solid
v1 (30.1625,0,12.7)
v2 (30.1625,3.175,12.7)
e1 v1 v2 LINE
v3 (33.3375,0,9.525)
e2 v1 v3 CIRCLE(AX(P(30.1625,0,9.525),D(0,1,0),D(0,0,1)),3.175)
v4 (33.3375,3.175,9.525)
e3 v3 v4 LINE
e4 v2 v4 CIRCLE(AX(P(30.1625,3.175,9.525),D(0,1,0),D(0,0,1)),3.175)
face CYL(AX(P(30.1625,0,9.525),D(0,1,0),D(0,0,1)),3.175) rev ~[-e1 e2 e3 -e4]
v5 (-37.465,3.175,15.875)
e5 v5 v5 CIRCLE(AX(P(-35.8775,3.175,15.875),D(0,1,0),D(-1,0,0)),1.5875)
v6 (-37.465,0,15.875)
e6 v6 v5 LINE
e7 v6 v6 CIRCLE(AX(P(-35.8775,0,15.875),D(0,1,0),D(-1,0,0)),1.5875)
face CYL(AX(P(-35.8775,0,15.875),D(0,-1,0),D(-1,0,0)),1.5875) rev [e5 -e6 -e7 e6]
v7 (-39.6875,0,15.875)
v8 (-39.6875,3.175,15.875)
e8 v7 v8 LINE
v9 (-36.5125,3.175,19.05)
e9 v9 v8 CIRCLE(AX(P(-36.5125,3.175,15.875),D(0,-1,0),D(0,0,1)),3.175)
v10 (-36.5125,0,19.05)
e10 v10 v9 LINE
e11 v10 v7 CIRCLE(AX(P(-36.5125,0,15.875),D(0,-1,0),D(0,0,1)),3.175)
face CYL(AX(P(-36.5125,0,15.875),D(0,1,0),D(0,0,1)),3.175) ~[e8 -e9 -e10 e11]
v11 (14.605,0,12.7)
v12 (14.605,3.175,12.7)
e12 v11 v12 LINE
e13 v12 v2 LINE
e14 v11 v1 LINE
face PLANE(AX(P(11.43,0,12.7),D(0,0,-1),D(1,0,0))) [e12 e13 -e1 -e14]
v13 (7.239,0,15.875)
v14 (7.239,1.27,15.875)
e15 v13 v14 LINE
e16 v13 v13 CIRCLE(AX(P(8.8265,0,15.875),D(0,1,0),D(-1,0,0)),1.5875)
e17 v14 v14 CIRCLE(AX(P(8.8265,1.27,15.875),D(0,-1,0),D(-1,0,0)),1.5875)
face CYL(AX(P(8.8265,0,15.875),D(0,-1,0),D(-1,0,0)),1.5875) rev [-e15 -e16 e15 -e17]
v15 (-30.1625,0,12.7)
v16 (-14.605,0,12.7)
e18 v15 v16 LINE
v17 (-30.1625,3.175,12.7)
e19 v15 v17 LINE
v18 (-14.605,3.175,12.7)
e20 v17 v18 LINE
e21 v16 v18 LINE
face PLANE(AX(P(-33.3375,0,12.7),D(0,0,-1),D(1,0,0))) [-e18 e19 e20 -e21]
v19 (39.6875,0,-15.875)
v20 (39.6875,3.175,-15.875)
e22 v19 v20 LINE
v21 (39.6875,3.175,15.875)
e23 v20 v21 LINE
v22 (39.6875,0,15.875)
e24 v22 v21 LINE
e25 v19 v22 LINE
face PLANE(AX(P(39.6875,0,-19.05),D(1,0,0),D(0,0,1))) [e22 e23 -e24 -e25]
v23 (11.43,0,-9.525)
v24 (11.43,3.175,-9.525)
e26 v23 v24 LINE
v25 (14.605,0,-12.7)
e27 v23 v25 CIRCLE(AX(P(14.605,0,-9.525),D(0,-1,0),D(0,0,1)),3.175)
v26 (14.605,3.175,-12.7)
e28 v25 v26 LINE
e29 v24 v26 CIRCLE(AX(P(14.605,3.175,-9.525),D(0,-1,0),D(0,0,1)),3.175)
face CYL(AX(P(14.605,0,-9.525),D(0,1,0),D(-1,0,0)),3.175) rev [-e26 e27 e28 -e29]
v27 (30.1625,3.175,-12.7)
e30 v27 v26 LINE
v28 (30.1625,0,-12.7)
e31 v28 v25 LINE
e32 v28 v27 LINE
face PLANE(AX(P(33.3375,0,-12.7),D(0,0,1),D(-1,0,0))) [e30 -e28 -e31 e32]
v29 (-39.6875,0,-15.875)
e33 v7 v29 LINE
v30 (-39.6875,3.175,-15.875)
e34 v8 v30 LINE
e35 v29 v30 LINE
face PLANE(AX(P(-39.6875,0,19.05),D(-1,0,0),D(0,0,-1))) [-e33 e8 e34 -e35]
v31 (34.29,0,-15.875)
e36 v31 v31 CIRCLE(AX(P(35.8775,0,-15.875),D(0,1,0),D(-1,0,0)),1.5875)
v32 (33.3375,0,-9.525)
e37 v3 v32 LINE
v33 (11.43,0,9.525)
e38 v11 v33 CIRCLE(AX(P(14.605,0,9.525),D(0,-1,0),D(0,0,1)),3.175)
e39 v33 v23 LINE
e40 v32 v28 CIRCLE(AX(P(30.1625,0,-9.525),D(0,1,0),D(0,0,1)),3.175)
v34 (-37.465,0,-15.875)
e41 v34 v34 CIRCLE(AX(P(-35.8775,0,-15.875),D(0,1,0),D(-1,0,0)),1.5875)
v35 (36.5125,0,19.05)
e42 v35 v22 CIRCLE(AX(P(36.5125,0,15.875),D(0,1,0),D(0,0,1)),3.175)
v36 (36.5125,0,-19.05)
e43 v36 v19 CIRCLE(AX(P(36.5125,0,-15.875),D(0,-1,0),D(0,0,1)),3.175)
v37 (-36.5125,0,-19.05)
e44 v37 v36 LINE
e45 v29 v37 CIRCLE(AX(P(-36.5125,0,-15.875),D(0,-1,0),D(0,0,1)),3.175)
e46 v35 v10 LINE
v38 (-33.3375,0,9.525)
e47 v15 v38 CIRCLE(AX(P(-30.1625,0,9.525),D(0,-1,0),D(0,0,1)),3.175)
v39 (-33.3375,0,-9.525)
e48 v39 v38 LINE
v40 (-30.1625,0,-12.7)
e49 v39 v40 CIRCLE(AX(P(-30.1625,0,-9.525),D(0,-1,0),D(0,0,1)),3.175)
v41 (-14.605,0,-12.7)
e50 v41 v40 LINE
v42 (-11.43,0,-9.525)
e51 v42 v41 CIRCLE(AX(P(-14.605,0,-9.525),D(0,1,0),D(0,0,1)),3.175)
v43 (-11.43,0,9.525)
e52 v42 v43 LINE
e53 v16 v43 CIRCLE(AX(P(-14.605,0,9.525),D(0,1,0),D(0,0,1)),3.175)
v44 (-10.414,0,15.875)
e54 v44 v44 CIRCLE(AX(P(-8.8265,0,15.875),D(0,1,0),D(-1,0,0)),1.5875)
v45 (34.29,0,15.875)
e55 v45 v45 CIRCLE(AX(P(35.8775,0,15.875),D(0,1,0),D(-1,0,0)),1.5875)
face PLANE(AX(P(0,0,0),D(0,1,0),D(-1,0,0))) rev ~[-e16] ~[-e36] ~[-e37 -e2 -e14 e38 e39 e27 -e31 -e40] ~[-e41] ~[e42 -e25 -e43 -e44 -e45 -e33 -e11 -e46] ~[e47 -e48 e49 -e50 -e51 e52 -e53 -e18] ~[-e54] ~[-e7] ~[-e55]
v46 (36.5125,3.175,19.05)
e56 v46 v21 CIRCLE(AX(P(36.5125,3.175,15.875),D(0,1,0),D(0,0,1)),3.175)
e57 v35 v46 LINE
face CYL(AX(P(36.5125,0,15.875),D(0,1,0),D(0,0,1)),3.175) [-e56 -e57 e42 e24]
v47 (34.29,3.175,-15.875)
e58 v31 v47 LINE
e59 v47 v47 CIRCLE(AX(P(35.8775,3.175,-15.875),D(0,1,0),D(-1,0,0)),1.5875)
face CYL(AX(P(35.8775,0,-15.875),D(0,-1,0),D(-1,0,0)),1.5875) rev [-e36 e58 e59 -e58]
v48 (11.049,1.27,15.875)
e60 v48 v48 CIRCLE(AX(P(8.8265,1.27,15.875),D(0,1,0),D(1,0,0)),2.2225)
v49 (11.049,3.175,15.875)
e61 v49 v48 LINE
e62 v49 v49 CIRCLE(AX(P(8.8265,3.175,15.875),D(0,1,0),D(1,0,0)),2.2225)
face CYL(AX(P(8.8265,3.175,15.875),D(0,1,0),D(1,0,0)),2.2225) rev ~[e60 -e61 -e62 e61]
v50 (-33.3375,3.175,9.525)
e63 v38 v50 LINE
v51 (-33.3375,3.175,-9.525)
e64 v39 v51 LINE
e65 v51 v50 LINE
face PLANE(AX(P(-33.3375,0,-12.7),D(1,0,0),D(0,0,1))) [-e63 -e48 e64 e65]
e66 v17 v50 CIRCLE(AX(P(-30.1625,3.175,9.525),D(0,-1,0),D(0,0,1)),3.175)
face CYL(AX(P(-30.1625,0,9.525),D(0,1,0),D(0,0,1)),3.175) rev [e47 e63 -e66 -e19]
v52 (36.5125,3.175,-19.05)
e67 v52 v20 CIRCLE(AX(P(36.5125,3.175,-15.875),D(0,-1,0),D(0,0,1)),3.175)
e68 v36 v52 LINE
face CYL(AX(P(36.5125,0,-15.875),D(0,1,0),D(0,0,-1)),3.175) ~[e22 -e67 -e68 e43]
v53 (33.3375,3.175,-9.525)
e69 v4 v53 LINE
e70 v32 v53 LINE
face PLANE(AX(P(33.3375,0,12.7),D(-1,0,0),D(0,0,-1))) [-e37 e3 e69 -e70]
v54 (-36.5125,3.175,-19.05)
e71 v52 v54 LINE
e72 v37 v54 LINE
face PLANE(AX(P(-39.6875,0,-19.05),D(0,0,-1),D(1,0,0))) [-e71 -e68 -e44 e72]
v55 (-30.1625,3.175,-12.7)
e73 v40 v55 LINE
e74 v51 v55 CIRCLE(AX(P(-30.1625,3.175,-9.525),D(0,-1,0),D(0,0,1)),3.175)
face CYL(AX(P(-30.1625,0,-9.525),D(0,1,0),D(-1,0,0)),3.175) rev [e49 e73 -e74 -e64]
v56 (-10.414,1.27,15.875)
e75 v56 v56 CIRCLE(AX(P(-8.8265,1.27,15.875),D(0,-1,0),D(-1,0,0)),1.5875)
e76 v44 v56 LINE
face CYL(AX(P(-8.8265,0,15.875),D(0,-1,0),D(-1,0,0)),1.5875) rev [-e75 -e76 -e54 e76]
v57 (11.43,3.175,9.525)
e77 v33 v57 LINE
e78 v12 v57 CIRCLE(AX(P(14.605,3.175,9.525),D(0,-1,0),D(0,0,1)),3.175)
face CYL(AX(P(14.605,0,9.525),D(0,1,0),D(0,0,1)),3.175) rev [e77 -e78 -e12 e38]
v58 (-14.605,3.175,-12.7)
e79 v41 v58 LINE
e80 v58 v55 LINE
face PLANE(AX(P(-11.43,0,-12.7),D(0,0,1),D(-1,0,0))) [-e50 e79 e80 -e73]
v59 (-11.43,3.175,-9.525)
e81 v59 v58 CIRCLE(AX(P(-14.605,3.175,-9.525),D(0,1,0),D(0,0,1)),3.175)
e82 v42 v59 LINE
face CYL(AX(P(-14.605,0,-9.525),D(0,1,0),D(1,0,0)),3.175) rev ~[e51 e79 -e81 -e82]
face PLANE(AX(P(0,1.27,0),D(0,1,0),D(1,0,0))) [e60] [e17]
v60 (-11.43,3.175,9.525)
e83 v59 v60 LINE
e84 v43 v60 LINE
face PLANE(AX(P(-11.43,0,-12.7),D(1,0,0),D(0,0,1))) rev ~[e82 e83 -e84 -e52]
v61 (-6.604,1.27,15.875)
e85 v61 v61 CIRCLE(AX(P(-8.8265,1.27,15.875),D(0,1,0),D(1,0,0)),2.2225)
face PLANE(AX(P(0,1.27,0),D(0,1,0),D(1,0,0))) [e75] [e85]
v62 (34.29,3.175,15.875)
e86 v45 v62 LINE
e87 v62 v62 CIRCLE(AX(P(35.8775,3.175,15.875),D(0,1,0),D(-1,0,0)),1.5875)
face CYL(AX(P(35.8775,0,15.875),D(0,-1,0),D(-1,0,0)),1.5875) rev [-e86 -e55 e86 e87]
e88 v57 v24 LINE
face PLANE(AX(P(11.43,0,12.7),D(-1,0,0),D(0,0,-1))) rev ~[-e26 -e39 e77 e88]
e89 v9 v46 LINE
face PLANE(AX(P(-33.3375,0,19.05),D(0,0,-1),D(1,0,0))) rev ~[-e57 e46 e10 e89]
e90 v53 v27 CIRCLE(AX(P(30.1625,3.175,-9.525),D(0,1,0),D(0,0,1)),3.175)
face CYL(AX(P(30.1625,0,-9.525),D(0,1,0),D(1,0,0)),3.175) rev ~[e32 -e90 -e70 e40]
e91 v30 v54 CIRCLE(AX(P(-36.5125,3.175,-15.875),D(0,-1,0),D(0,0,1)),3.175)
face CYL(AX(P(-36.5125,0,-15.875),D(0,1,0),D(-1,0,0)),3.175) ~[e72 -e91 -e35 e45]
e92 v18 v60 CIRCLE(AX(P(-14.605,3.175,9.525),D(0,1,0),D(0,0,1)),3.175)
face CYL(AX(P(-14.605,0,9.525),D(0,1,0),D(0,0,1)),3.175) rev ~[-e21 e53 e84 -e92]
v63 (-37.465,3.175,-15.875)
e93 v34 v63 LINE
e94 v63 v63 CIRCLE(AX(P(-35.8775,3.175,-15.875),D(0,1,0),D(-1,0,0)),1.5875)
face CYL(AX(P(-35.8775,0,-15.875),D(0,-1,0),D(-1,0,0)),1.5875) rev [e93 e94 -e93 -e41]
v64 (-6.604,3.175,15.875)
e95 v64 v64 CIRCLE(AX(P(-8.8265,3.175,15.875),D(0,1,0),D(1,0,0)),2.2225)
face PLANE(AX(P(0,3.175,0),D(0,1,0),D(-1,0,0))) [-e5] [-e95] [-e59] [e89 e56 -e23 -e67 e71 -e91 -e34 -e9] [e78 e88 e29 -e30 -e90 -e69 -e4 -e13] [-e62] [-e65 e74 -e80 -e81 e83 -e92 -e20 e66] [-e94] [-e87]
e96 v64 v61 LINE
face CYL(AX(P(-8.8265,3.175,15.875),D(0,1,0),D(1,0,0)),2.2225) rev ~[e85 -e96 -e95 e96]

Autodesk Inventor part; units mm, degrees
ref_plane "YZ Plane" through (0, 0, 0) normal (1, 0, 0) x (0, 1, 0)
ref_plane "XZ Plane" through (0, 0, 0) normal (0, 1, 0) x (-1, 0, 0)
ref_plane "XY Plane" through (0, 0, 0) normal (0, 0, 1) x (1, 0, 0)
sketch "Sketch1" plane through (0, 0, 0) normal (0, 1, 0) x (-1, 0, 0)
  line L0 (33.3375, 19.05) -> (-33.3375, 19.05)
  line L1 (-33.3375, 19.05) -> (-33.3375, -19.05)
  line L2 (-33.3375, -19.05) -> (33.3375, -19.05)
  line L3 (33.3375, -19.05) -> (33.3375, 19.05)
  line L4 (33.3375, 19.05) -> (-33.3375, -19.05) construction
  line L5 (-33.3375, 19.05) -> (33.3375, -19.05) construction
  line L6 (39.6875, -19.05) -> (-39.6875, -19.05)
  line L7 (-39.6875, -19.05) -> (-39.6875, 19.05)
  line L8 (-39.6875, 19.05) -> (39.6875, 19.05)
  line L9 (39.6875, 19.05) -> (39.6875, -19.05)
  line L10 (39.6875, -19.05) -> (-39.6875, 19.05) construction
  line L11 (-39.6875, -19.05) -> (39.6875, 19.05) construction
  circle A0 centre (35.8775, -15.875) radius 1.5875
  circle A1 centre (35.8775, 15.875) radius 1.5875
  circle A2 centre (-35.8775, -15.875) radius 1.5875
  circle A3 centre (-35.8775, 15.875) radius 1.5875
  line L12 (33.3375, 12.7) -> (-33.3375, 12.7)
  line L13 (-33.3375, 12.7) -> (-33.3375, -12.7)
  line L14 (-33.3375, -12.7) -> (33.3375, -12.7)
  line L15 (33.3375, -12.7) -> (33.3375, 12.7)
  line L16 (11.43, 12.7) -> (-11.43, 12.7)
  line L17 (-11.43, 12.7) -> (-11.43, -12.7)
  line L18 (-11.43, -12.7) -> (11.43, -12.7)
  line L19 (11.43, -12.7) -> (11.43, 12.7)
  circle A4 centre (8.8265, 15.875) radius 1.5875
  circle A5 centre (-8.8265, 15.875) radius 1.5875
  point P0 (0, 0)
  point P1 (0, 12.7)
  point P2 (0, 0)
  point P3 (0, 0)
  point P4 (0, -12.7)
  point P5 (0, 0)
  point P6 (-11.43, -12.7)
  point P7 (-11.43, 12.7)
  point P8 (11.43, -12.7)
  point P9 (11.43, 12.7)
  dimension "d0" = 66.675
  dimension "d1" = 38.1
  dimension "d2" = 6.35
  dimension "d5" = 31.75
  dimension "d8" = 71.755
  dimension "d11" = 2.54
  dimension "d12" = 3.175
  dimension "d14" = 3.175
  dimension "d15" = 66.675
  dimension "d19" = 22.86
  dimension "d23" = 3.175
  dimension "d24" = 3.175
  dimension "d25" = 17.653
  dimension "d26" = 8.8265
  dimension "d28" = 6.35
  dimension "d29" = 6.35
extrude "Extrusion1" add sketch "Sketch1" along normal blind 3.175 contours L3 L12 L1 L0 | L8 L9 L6 L3 | L1 L6 L7 L8 | L3 L2 L1 L14 | L19 L14 L17 L12
fillet "Fillet1" radius 3.175 12 edges at (-39.6875, 1.5875, 19.05) (39.6875, 1.5875, 19.05) (-39.6875, 1.5875, -19.05) (39.6875, 1.5875, -19.05) (-33.3375, 1.5875, 12.7) (11.43, 1.5875, 12.7) (33.3375, 1.5875, 12.7) (11.43, 1.5875, -12.7) (33.3375, 1.5875, -12.7) (-11.43, 1.5875, -12.7) (-33.3375, 1.5875, -12.7) (-11.43, 1.5875, 12.7)
sketch "Sketch3" plane through (0, 3.175, 0) normal (0, 1, 0) x (1, 0, 0)
  circle A0 centre (-8.8265, -15.875) radius 1.5875 projected
  circle A1 centre (-8.8265, -15.875) radius 2.2225
  circle A2 centre (8.8265, -15.875) radius 1.5875 projected
  circle A3 centre (8.8265, -15.875) radius 2.2225
  point P0 (0, 0)
  dimension "d30" = 4.445
  dimension "d31" = 4.445
extrude "Extrusion2" cut sketch "Sketch3" against normal blind 1.905 contours A0 | A1 | A2 | A3
equation "\"d15\" = d0"
equation "\"d23\" = d14"
equation "\"d24\" = d14"
equation "\"d26\" = 0.5 * d25"
equation "\"d28\" = d2"
equation "\"d29\" = d2"
properties part number "Battery_Plate"
